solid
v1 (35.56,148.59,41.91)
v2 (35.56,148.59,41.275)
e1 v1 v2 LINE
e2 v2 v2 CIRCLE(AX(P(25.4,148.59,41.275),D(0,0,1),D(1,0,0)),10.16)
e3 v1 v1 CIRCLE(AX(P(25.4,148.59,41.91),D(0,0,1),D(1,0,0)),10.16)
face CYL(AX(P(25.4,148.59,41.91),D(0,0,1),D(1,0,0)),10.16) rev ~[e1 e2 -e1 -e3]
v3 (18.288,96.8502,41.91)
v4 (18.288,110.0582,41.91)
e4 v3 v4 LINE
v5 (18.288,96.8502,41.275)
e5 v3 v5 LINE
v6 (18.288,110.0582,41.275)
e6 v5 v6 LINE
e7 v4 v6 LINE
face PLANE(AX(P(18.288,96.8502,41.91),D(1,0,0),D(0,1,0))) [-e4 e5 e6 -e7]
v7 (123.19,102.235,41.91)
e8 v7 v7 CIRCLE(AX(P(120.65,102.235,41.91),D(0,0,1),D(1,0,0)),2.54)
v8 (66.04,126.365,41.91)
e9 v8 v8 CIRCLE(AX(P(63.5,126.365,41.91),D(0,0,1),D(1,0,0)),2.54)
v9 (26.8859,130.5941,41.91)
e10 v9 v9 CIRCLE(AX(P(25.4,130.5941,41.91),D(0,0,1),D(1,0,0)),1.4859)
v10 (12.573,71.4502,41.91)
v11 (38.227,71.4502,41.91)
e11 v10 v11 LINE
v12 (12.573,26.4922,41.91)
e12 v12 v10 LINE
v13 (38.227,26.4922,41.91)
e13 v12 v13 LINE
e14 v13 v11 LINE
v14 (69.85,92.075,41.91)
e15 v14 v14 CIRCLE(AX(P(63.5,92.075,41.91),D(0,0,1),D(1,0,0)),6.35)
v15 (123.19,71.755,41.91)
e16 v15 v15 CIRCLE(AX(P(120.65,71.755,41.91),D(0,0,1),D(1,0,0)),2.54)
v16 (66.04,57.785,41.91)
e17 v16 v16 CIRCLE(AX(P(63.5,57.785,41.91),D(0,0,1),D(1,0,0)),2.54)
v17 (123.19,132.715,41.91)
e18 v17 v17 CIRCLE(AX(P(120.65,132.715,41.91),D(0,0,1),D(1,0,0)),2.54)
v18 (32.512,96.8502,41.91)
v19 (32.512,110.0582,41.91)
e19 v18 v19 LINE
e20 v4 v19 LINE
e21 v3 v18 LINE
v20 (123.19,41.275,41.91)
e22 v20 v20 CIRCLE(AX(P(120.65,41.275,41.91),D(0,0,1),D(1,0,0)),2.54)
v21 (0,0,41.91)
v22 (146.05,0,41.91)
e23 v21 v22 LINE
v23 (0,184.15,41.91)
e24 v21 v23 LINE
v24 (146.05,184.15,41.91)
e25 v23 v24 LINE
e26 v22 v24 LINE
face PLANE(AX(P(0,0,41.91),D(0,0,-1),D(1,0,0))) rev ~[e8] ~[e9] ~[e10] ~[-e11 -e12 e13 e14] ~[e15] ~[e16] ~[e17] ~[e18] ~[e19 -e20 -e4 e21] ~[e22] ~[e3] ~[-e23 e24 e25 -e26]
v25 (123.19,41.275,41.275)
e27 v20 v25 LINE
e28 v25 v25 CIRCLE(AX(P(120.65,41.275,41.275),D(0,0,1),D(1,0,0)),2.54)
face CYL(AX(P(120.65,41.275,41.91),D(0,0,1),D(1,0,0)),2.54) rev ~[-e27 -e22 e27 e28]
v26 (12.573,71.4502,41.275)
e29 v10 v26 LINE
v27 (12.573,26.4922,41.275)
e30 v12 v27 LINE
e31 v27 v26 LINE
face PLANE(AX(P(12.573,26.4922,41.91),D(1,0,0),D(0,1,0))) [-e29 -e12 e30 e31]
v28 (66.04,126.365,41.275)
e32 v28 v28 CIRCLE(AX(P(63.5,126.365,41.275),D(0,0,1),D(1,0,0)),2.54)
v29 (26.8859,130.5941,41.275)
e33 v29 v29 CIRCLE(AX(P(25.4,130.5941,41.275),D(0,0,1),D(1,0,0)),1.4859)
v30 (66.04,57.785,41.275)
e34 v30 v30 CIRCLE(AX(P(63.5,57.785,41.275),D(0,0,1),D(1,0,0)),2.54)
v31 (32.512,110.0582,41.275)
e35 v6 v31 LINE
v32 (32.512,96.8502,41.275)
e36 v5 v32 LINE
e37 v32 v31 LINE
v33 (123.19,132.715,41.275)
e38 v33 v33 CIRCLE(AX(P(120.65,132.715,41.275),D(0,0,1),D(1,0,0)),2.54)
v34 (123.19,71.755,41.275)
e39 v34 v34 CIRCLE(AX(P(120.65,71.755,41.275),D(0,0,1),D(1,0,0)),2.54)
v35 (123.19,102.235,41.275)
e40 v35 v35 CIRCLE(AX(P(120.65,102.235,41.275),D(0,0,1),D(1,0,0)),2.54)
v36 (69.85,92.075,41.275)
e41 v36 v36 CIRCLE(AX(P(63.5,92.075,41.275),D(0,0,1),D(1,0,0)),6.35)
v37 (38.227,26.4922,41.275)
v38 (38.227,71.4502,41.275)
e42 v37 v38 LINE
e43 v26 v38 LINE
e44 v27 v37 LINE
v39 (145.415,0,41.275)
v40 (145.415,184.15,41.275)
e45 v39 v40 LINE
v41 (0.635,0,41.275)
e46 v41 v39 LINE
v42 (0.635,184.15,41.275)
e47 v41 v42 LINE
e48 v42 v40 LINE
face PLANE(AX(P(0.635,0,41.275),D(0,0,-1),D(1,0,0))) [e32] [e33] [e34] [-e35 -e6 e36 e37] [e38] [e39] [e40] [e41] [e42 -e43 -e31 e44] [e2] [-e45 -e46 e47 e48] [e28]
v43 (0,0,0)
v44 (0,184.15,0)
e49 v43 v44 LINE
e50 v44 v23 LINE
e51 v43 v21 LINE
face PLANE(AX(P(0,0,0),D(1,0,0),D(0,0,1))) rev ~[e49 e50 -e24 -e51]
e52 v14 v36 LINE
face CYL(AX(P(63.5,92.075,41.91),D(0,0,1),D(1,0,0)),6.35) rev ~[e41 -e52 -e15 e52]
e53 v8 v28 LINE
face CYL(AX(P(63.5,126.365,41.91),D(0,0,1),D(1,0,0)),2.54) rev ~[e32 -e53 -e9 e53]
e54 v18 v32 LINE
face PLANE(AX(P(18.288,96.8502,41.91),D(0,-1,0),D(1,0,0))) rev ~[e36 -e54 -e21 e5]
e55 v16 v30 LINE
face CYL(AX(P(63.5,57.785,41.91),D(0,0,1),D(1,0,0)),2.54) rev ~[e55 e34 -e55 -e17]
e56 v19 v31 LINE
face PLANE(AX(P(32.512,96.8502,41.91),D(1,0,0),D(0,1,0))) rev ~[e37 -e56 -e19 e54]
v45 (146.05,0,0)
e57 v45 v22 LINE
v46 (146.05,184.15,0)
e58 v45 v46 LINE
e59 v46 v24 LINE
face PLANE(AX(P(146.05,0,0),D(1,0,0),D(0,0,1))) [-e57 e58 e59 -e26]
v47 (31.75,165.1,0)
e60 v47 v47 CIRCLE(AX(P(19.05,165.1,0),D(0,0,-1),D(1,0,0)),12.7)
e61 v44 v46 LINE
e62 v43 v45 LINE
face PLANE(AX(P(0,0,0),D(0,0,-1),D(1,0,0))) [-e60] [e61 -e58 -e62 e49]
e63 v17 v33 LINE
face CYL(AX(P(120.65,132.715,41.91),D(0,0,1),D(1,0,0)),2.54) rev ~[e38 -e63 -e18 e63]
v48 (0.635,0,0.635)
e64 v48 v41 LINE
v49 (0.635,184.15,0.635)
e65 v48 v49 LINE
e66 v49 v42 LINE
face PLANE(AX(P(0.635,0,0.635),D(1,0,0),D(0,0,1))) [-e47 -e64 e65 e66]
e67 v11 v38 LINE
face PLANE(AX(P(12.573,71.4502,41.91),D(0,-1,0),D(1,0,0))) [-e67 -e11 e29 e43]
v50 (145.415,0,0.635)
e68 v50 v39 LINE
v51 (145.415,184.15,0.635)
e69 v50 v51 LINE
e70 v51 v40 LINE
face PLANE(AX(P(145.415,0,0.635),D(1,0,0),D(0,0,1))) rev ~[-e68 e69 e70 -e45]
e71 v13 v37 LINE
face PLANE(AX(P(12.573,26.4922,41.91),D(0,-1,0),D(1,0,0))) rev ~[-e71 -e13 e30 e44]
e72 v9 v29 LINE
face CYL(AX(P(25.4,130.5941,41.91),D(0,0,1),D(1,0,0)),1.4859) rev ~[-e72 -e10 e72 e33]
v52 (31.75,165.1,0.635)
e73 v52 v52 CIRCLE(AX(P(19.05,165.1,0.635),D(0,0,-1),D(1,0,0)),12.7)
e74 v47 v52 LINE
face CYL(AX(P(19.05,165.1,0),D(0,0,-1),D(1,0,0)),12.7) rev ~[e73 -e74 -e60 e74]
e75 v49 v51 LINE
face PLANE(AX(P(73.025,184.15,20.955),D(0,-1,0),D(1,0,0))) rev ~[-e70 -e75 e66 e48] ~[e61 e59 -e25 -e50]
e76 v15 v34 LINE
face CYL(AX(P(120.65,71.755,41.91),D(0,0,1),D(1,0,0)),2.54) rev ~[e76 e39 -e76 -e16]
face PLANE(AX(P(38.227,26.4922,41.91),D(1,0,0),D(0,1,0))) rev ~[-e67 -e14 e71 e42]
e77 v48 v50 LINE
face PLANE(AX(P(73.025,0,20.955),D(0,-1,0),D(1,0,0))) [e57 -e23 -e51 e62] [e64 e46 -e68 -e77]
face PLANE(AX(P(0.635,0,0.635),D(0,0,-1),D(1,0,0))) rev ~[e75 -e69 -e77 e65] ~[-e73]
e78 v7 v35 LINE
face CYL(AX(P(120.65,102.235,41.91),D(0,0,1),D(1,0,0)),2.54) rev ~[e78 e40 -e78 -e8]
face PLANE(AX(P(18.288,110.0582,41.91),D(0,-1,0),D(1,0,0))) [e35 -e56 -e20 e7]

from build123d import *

# Parameters (mm, degrees)
F0_W     = 146.05
F0_H     = 41.91
F0_W_2   = 144.78
F0_H_2   = 40.64
F1_DEPTH = 184.15
F2_R     = 12.7
F3_DEPTH = 0.635
F4_W     = 25.654
F4_H     = 44.958
F4_W_2   = 14.224
F4_H_2   = 13.208
F4_R     = 10.16
F4_R_2   = 6.35
F4_R_3   = 2.54
F5_DEPTH = 0.635
F4_R_4   = 1.4859
F6_DEPTH = 0.635


with BuildPart() as f1:
    # F0 (on Front) → F1 (new body)
    with BuildSketch(Plane.XZ):
        with Locations((73.025, 20.955)):
            Rectangle(F0_W, F0_H)
        with Locations((73.025, 20.955)):
            Rectangle(F0_W_2, F0_H_2, mode=Mode.SUBTRACT)
    extrude(amount=-F1_DEPTH)

    # F2 (on face) → F3 (cut, through all)
    with BuildSketch(Plane(origin=(0, 0, 0), x_dir=(1, 0, 0), z_dir=(0, 0, -1))):
        with Locations((19.05, -165.1)):
            Circle(F2_R)
    extrude(amount=-F3_DEPTH, mode=Mode.SUBTRACT)

    # F4 (on face) → F5 (cut, through all)
    with BuildSketch(Plane.XY.offset(41.91)):
        with Locations((25.4, 48.9712)):
            Rectangle(F4_W, F4_H)
        with Locations((25.4, 103.4542)):
            Rectangle(F4_W_2, F4_H_2)
        with Locations((25.4, 148.59)):
            Circle(F4_R)
        with Locations((63.5, 92.075)):
            Circle(F4_R_2)
        with Locations((63.5, 57.785)):
            Circle(F4_R_3)
        with Locations((120.65, 71.755)):
            Circle(F4_R_3)
        with Locations((120.65, 132.715)):
            Circle(F4_R_3)
    extrude(amount=-F5_DEPTH, mode=Mode.SUBTRACT)

    # F4 (on face) → F6 (cut, through all)
    with BuildSketch(Plane.XY.offset(41.91)):
        with Locations((25.4, 130.5941)):
            Circle(F4_R_4)
        with Locations((63.5, 126.365)):
            Circle(F4_R_3)
        with Locations((120.65, 102.235)):
            Circle(F4_R_3)
        with Locations((120.65, 41.275)):
            Circle(F4_R_3)
    extrude(amount=-F6_DEPTH, mode=Mode.SUBTRACT)


solid = f1.part
